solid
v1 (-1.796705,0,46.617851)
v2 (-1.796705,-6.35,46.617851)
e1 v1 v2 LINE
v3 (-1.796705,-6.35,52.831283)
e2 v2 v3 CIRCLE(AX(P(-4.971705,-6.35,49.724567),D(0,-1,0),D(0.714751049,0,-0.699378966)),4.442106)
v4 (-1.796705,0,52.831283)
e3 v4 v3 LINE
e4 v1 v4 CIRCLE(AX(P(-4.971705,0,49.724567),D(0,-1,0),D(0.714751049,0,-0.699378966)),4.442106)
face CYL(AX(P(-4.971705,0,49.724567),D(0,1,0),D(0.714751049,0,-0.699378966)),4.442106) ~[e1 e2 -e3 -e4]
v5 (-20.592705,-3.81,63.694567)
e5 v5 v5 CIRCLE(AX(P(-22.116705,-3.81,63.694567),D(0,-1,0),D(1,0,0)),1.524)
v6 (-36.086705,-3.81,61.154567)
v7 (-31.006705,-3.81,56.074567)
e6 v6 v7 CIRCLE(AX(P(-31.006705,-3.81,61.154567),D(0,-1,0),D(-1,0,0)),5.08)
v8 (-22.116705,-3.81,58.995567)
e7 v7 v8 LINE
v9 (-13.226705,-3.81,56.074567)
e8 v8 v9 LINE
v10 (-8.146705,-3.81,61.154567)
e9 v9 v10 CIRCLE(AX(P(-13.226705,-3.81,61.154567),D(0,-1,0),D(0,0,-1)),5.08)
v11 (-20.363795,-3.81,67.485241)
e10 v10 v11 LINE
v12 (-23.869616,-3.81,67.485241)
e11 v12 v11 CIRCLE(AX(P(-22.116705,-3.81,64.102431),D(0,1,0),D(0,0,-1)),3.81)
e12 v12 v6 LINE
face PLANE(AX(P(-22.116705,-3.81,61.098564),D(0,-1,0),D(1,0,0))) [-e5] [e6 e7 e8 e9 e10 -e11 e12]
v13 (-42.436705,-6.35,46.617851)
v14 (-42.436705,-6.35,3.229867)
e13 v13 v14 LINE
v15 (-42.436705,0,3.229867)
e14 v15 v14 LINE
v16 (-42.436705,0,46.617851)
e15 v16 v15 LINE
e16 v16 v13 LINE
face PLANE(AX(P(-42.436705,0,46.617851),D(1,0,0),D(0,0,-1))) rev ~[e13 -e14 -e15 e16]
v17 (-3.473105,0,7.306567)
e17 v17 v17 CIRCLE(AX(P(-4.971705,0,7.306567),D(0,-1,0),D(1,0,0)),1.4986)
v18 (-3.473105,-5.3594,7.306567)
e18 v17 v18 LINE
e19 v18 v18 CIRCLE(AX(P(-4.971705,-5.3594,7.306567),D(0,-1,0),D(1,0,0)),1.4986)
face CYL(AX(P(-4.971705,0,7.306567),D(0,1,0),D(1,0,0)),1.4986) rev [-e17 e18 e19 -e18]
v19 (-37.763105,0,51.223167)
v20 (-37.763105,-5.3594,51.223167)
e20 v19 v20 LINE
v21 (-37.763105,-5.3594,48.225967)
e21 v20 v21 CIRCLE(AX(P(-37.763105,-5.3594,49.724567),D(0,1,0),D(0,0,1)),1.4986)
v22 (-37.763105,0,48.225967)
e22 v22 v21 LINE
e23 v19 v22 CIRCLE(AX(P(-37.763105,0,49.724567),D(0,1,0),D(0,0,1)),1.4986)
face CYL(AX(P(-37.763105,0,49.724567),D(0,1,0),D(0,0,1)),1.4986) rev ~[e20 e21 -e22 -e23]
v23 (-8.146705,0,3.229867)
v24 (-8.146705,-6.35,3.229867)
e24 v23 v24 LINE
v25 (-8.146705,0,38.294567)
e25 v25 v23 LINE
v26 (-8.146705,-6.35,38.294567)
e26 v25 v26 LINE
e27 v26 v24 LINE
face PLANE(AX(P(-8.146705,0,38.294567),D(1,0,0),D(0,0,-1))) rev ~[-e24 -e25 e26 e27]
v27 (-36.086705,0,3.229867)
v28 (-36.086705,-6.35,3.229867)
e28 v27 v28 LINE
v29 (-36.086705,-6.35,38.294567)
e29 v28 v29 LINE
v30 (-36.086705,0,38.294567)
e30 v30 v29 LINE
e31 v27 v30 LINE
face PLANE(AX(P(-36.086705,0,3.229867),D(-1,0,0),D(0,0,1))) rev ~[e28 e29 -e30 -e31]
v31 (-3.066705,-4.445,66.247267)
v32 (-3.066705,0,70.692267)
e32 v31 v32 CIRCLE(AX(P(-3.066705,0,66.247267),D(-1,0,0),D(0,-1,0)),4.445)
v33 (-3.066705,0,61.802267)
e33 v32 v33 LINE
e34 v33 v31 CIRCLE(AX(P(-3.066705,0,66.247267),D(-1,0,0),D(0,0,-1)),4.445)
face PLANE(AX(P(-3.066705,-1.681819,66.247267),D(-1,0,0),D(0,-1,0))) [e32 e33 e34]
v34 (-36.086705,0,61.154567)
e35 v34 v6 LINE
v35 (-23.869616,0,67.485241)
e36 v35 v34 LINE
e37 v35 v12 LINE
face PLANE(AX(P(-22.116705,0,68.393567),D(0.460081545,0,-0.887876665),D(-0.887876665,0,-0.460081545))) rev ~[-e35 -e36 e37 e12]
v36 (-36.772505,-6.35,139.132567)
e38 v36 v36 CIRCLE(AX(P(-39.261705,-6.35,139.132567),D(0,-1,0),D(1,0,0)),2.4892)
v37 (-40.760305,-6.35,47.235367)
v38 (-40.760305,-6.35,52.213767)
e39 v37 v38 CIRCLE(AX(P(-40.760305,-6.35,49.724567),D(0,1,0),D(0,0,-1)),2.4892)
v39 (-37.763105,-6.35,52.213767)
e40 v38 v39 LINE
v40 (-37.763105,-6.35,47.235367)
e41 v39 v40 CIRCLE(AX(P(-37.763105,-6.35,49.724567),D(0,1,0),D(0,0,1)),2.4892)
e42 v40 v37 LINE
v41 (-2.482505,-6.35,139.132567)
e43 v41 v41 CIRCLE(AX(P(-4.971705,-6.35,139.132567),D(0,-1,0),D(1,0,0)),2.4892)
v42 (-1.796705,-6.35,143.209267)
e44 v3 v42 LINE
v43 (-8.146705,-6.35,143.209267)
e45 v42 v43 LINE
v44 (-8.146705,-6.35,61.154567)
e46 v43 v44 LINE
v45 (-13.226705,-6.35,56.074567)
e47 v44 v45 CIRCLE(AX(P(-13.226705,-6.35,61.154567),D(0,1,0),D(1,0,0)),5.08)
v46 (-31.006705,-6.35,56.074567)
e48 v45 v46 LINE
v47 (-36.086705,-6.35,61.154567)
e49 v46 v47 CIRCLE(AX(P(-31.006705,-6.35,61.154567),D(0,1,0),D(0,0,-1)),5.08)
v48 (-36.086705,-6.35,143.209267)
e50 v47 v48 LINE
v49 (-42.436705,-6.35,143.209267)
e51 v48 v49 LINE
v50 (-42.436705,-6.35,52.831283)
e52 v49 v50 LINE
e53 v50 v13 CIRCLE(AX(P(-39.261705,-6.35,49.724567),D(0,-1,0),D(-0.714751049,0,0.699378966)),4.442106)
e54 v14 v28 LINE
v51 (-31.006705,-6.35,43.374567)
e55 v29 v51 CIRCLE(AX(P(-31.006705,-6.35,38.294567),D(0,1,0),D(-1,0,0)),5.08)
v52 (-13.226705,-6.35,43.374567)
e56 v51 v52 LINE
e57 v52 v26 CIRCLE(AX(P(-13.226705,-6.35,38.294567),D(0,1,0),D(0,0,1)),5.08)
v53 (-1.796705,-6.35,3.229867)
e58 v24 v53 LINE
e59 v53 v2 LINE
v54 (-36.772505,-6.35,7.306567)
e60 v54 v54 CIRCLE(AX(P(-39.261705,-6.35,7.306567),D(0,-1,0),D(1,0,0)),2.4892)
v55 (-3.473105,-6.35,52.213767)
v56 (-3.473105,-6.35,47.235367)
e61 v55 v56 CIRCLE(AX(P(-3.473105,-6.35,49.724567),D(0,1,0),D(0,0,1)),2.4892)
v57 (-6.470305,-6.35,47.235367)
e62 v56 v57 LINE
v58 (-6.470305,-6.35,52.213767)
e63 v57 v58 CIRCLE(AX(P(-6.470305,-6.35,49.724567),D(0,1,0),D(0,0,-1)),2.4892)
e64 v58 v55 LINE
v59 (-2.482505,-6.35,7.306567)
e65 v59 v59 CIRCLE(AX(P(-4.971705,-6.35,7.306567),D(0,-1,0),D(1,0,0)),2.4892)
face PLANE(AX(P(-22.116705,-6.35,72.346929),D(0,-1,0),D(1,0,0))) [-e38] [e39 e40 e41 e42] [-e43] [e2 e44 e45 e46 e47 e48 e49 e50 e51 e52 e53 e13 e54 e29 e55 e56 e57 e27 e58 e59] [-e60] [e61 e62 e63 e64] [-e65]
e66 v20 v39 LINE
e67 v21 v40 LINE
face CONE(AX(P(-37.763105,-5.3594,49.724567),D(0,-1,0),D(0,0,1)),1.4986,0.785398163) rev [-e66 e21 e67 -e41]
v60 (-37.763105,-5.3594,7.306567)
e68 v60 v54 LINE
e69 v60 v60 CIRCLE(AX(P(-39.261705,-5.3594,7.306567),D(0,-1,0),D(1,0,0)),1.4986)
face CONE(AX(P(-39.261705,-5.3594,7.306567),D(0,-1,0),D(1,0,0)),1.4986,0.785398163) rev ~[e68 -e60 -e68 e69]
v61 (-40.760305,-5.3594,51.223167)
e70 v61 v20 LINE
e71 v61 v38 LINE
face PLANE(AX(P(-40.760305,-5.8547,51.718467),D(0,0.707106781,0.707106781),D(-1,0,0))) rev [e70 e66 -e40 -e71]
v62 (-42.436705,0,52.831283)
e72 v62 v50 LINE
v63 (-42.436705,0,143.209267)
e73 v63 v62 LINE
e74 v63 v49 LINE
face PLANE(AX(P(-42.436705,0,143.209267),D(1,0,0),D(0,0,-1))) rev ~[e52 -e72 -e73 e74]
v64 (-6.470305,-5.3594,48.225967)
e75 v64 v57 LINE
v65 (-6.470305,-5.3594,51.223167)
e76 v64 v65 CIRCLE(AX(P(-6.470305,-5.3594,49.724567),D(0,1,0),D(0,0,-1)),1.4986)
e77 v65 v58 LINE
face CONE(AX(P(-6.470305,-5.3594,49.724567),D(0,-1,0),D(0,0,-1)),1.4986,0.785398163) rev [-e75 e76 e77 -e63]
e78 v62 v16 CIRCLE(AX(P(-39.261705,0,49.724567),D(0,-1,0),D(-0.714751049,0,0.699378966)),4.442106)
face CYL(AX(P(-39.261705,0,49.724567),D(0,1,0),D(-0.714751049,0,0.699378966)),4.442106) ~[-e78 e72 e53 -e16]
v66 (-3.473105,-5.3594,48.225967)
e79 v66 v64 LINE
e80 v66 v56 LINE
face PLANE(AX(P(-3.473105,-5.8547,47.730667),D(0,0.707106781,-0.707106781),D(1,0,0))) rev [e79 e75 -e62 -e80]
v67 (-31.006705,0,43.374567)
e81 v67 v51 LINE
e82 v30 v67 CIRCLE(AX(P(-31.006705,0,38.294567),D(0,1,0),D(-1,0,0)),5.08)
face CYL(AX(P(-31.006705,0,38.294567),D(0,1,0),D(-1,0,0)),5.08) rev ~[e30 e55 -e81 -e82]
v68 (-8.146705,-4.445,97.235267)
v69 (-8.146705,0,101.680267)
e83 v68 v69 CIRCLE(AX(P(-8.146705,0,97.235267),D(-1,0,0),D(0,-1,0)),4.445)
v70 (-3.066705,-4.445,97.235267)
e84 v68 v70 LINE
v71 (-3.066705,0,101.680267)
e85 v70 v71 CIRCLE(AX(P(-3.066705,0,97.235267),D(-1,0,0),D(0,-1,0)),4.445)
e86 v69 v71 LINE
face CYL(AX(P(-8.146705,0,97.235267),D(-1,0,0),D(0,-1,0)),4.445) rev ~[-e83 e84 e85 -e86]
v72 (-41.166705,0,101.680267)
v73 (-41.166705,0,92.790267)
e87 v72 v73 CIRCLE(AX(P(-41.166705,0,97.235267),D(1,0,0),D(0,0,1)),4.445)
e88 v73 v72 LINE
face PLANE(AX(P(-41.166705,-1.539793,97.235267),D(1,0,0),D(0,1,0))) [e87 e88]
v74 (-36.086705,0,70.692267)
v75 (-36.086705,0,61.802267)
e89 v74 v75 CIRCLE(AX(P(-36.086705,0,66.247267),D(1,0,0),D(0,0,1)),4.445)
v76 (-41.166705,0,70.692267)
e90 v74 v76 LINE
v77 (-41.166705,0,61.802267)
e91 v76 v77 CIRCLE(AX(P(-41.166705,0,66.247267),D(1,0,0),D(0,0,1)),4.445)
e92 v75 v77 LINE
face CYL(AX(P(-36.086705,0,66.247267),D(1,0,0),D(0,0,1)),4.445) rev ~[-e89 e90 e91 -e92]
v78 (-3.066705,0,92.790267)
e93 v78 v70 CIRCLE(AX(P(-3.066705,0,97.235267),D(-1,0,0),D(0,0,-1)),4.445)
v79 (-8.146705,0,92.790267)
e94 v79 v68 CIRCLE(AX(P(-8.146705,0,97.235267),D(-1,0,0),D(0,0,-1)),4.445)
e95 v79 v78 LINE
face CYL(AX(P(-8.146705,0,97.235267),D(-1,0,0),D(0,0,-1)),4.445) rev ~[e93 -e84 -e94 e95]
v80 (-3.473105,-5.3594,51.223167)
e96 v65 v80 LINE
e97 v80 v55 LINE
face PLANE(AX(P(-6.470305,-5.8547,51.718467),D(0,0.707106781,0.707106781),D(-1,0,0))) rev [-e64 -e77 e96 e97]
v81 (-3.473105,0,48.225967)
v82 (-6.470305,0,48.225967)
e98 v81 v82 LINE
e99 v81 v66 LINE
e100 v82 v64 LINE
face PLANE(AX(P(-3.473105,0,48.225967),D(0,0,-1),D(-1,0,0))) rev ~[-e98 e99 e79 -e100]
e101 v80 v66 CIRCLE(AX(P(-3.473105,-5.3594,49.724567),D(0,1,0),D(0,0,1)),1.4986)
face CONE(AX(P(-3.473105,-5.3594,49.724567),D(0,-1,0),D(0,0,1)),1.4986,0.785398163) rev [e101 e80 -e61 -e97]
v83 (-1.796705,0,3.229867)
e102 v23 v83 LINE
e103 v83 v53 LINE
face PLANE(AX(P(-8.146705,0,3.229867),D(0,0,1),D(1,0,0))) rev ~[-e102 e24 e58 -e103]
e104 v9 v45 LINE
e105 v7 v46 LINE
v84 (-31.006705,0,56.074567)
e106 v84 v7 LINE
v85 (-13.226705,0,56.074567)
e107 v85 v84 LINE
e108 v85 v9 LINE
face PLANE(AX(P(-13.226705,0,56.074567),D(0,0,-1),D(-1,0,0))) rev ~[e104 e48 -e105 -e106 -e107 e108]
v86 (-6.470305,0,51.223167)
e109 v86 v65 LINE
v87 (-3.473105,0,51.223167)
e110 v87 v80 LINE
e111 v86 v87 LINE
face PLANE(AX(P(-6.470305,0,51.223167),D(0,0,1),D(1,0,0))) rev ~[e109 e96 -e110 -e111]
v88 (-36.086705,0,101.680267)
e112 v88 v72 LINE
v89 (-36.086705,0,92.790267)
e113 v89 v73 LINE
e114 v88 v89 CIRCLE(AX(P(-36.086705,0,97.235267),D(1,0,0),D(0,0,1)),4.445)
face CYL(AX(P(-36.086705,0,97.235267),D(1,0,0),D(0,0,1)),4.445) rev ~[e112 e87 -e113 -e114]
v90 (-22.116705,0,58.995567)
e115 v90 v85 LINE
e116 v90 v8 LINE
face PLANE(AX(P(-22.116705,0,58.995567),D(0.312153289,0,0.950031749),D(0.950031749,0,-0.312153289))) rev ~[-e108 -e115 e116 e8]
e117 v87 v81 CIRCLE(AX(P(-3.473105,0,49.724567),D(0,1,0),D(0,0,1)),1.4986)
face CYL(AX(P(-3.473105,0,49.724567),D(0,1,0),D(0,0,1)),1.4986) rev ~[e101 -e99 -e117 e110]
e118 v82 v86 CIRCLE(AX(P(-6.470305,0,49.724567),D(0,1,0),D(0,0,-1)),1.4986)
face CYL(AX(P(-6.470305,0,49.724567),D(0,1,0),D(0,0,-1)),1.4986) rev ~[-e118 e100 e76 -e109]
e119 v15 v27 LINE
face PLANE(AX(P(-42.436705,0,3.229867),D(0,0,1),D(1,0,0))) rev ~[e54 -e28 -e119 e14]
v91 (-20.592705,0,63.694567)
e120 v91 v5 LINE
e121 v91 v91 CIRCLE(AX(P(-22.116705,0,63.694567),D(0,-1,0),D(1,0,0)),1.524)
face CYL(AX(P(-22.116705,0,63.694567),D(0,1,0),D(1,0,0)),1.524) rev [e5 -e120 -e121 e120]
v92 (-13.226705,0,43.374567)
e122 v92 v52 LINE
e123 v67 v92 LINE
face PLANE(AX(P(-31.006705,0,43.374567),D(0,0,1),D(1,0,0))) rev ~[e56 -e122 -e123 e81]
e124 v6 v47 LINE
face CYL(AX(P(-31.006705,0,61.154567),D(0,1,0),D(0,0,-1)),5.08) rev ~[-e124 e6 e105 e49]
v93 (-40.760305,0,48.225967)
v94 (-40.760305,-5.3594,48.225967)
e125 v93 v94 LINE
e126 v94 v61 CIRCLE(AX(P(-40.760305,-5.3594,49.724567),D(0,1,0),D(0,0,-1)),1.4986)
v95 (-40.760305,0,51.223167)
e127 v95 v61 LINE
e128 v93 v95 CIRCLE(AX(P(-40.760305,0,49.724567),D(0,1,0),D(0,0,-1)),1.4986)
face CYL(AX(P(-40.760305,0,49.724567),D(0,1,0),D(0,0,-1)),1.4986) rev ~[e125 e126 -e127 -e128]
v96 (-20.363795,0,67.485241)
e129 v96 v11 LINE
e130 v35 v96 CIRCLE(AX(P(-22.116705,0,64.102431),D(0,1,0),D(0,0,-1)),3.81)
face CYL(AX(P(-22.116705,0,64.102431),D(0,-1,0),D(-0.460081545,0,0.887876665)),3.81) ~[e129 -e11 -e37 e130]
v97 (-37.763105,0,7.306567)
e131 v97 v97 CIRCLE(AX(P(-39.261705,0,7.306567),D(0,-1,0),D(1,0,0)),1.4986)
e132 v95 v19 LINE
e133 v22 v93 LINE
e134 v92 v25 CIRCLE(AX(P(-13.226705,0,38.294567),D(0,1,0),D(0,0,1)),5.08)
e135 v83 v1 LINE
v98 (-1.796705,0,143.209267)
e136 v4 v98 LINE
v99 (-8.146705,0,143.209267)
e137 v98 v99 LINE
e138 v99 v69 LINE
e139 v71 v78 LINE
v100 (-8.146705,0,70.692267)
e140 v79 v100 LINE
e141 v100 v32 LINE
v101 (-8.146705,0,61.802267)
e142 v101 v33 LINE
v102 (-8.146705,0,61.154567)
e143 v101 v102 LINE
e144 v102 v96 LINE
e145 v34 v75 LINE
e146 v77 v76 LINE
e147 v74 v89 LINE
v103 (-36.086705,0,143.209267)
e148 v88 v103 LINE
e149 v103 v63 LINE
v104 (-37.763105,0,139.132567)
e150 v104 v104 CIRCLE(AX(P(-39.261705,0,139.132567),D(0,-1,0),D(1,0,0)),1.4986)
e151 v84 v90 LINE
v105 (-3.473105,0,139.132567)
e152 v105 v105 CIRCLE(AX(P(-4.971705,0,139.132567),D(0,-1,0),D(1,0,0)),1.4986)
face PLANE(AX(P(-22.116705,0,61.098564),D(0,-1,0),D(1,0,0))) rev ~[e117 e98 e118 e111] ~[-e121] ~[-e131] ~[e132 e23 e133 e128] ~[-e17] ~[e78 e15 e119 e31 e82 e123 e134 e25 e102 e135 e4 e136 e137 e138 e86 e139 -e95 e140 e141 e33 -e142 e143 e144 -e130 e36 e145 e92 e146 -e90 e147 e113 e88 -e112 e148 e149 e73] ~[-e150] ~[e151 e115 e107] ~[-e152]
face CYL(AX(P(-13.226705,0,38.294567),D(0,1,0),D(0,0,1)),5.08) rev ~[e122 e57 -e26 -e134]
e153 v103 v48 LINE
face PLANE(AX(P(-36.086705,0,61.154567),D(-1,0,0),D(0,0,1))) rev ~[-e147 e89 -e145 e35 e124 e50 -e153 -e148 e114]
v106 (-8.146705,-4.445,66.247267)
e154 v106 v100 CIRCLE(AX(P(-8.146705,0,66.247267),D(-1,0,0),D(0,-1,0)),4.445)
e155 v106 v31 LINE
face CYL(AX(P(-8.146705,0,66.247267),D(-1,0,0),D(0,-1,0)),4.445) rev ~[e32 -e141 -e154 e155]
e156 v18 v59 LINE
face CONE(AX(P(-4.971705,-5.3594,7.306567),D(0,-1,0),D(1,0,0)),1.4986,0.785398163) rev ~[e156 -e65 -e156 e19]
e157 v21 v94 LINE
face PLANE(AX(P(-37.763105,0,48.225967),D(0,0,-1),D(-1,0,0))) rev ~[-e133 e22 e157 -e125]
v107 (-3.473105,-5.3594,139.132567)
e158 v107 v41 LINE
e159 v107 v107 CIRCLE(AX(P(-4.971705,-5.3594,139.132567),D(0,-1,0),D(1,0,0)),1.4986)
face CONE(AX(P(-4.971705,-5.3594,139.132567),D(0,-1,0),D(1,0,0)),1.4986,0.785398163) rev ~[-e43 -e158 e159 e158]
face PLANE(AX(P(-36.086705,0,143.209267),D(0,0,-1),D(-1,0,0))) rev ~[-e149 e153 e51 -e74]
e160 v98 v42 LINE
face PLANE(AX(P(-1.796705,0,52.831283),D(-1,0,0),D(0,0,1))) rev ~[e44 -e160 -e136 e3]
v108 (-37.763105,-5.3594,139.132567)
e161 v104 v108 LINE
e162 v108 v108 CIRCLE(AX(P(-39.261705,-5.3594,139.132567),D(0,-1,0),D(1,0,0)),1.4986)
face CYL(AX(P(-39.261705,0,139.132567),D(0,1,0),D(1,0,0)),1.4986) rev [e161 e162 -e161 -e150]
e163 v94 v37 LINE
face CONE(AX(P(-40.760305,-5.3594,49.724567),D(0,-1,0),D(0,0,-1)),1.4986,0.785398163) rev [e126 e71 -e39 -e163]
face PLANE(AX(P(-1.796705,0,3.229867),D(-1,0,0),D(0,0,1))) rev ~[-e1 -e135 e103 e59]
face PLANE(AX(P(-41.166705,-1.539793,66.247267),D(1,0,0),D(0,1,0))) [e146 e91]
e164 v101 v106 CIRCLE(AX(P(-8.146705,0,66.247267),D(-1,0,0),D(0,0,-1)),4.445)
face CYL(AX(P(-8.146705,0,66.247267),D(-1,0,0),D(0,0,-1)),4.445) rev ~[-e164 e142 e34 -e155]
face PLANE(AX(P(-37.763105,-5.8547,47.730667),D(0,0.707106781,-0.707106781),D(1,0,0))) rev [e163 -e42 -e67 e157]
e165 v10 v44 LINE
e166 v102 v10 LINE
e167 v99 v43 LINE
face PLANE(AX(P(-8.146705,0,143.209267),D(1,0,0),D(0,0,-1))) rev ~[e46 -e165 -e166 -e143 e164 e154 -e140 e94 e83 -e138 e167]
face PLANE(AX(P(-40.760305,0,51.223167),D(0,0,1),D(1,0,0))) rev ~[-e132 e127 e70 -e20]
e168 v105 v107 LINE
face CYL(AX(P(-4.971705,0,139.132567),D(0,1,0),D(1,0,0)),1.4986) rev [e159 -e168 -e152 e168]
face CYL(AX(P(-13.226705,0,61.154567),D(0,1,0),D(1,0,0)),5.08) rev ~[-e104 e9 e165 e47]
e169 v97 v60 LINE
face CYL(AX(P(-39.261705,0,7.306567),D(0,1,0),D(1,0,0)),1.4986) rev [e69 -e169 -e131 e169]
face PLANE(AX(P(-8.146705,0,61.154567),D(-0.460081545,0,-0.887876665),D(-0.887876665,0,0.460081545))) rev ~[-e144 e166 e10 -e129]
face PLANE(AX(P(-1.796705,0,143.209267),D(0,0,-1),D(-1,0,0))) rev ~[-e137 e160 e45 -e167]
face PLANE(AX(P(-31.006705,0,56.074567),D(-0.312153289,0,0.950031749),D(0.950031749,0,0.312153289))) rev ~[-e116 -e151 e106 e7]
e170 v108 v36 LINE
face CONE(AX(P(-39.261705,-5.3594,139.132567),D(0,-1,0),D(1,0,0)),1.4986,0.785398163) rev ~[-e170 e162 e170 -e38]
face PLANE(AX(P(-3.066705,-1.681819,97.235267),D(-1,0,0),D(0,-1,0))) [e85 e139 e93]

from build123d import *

# Parameters (mm, degrees)
F0_R     = 1.4986
F1_DEPTH = 6.35
F2_SIZE  = 0.9906
F0_R_2   = 1.524
F3_DEPTH = 3.81
F5_DEPTH = 5.08
F7_DEPTH = 5.08
F8_R     = 3.81


with BuildPart() as f1:
    # F0 (on Front) → F1 (new body)
    with BuildSketch(Plane.XZ):
        with BuildLine():
            Line((-36.0867052997, 143.2092670372), (-42.4367052997, 143.2092670372))
            Line((-42.4367052997, 143.2092670372), (-42.4367052997, 52.8312826116))
            ThreePointArc((-42.4367052997, 52.8312826116), (-43.703811406, 49.7245670372), (-42.4367052997, 46.6178514628))
            Line((-42.4367052997, 46.6178514628), (-42.4367052997, 3.2298670372))
            Line((-42.4367052997, 3.2298670372), (-36.0867052997, 3.2298670372))
            Line((-36.0867052997, 3.2298670372), (-36.0867052997, 38.2945670372))
            ThreePointArc((-36.0867052997, 38.2945670372), (-34.5988077481, 41.8866694856), (-31.0067052997, 43.3745670372))
            Line((-31.0067052997, 43.3745670372), (-13.2267052997, 43.3745670372))
            ThreePointArc((-13.2267052997, 43.3745670372), (-9.6346028513, 41.8866694856), (-8.1467052997, 38.2945670372))
            Line((-8.1467052997, 38.2945670372), (-8.1467052997, 3.2298670372))
            Line((-8.1467052997, 3.2298670372), (-1.7967052997, 3.2298670372))
            Line((-1.7967052997, 3.2298670372), (-1.7967052997, 46.6178514628))
            ThreePointArc((-1.7967052997, 46.6178514628), (-0.5295991933, 49.7245670372), (-1.7967052997, 52.8312826116))
            Line((-1.7967052997, 52.8312826116), (-1.7967052997, 143.2092670372))
            Line((-1.7967052997, 143.2092670372), (-8.1467052997, 143.2092670372))
            Line((-8.1467052997, 143.2092670372), (-8.1467052997, 61.1545671391))
            ThreePointArc((-8.1467052997, 61.1545671391), (-9.6346028513, 57.5624646907), (-13.2267052997, 56.0745671391))
            Line((-13.2267052997, 56.0745671391), (-31.0067052997, 56.0745671391))
            ThreePointArc((-31.0067052997, 56.0745671391), (-34.5988077481, 57.5624646907), (-36.0867052997, 61.1545671391))
            Line((-36.0867052997, 61.1545671391), (-36.0867052997, 143.2092670372))
        make_face()
        with Locations((-39.2617052997, 7.3065670372)):
            Circle(F0_R, mode=Mode.SUBTRACT)
        with BuildLine():
            ThreePointArc((-40.7603052997, 48.2259670372), (-42.2589052997, 49.7245670372), (-40.7603052997, 51.2231670372))
            Line((-40.7603052997, 51.2231670372), (-37.7631052997, 51.2231670372))
            ThreePointArc((-37.7631052997, 51.2231670372), (-36.2645052997, 49.7245670372), (-37.7631052997, 48.2259670372))
            Line((-37.7631052997, 48.2259670372), (-40.7603052997, 48.2259670372))
        make_face(mode=Mode.SUBTRACT)
        with Locations((-4.9717052997, 7.3065670372)):
            Circle(F0_R, mode=Mode.SUBTRACT)
        with BuildLine():
            ThreePointArc((-6.4703052997, 48.2259670372), (-7.9689052997, 49.7245670372), (-6.4703052997, 51.2231670372))
            Line((-6.4703052997, 51.2231670372), (-3.4731052997, 51.2231670372))
            ThreePointArc((-3.4731052997, 51.2231670372), (-1.9745052997, 49.7245670372), (-3.4731052997, 48.2259670372))
            Line((-3.4731052997, 48.2259670372), (-6.4703052997, 48.2259670372))
        make_face(mode=Mode.SUBTRACT)
        with Locations((-39.2617052997, 139.1325670372)):
            Circle(F0_R, mode=Mode.SUBTRACT)
        with Locations((-4.9717052997, 139.1325670372)):
            Circle(F0_R, mode=Mode.SUBTRACT)
    extrude(amount=F1_DEPTH)

    # F2
    f2_edges = [f1.edges().sort_by_distance(p)[0] for p in [
        (-40.760305, -6.35, 7.306567),
        (-36.264505, -6.35, 49.724567),
        (-40.760305, -6.35, 139.132567),
        (-4.971705, -6.35, 48.225967),
        (-6.470305, -6.35, 7.306567),
        (-6.470305, -6.35, 139.132567),
    ]]
    chamfer(f2_edges, length=F2_SIZE)

    # F0 (on Front) → F3 (join)
    with BuildSketch(Plane.XZ):
        with BuildLine():
            Line((-22.1167052997, 68.3935671391), (-36.0867052997, 61.1545671391))
            ThreePointArc((-36.0867052997, 61.1545671391), (-34.5988077481, 57.5624646907), (-31.0067052997, 56.0745671391))
            Line((-31.0067052997, 56.0745671391), (-22.1167052997, 58.9955671391))
            Line((-22.1167052997, 58.9955671391), (-13.2267052997, 56.0745671391))
            ThreePointArc((-13.2267052997, 56.0745671391), (-9.6346028513, 57.5624646907), (-8.1467052997, 61.1545671391))
            Line((-8.1467052997, 61.1545671391), (-22.1167052997, 68.3935671391))
        make_face()
        with Locations((-22.1167052997, 63.6945671391)):
            Circle(F0_R_2, mode=Mode.SUBTRACT)
    extrude(amount=F3_DEPTH)

    # F4 (on face) → F5 (cut)
    with BuildSketch(Plane(origin=(-8.1467052997, 0, 0), x_dir=(0, -1, 0), z_dir=(-1, 0, 0))):
        with BuildLine():
            ThreePointArc((4.445, 97.2352670372), (3.1430896424, 100.3783566796), (0, 101.6802670372))
            Line((0, 101.6802670372), (0, 97.2352670372))
            Line((0, 97.2352670372), (0, 92.7902670372))
            ThreePointArc((0, 92.7902670372), (3.1430896424, 94.0921773948), (4.445, 97.2352670372))
        make_face()
        with BuildLine():
            ThreePointArc((4.445, 66.2472670372), (3.1430896424, 69.3903566796), (0, 70.6922670372))
            Line((0, 70.6922670372), (0, 66.2472670372))
            Line((0, 66.2472670372), (0, 61.8022670372))
            ThreePointArc((0, 61.8022670372), (3.1430896424, 63.1041773948), (4.445, 66.2472670372))
        make_face()
    extrude(amount=-F5_DEPTH, mode=Mode.SUBTRACT)

    # F6 (on face) → F7 (cut)
    with BuildSketch(Plane.YZ.offset(-36.0867052997)):
        with BuildLine():
            Line((0, 97.2352670372), (0, 101.6802670372))
            ThreePointArc((0, 101.6802670372), (-4.445, 97.2352670372), (0, 92.7902670372))
            Line((0, 92.7902670372), (0, 97.2352670372))
        make_face()
        with BuildLine():
            Line((0, 66.2472670372), (0, 70.6922670372))
            ThreePointArc((0, 70.6922670372), (-4.445, 66.2472670372), (0, 61.8022670372))
            Line((0, 61.8022670372), (0, 66.2472670372))
        make_face()
    extrude(amount=-F7_DEPTH, mode=Mode.SUBTRACT)

    # F8
    f8_edges = [f1.edges().sort_by_distance(p)[0] for p in [
        (-22.116705, -1.905, 68.393567),
    ]]
    fillet(f8_edges, radius=F8_R)


solid = f1.part
